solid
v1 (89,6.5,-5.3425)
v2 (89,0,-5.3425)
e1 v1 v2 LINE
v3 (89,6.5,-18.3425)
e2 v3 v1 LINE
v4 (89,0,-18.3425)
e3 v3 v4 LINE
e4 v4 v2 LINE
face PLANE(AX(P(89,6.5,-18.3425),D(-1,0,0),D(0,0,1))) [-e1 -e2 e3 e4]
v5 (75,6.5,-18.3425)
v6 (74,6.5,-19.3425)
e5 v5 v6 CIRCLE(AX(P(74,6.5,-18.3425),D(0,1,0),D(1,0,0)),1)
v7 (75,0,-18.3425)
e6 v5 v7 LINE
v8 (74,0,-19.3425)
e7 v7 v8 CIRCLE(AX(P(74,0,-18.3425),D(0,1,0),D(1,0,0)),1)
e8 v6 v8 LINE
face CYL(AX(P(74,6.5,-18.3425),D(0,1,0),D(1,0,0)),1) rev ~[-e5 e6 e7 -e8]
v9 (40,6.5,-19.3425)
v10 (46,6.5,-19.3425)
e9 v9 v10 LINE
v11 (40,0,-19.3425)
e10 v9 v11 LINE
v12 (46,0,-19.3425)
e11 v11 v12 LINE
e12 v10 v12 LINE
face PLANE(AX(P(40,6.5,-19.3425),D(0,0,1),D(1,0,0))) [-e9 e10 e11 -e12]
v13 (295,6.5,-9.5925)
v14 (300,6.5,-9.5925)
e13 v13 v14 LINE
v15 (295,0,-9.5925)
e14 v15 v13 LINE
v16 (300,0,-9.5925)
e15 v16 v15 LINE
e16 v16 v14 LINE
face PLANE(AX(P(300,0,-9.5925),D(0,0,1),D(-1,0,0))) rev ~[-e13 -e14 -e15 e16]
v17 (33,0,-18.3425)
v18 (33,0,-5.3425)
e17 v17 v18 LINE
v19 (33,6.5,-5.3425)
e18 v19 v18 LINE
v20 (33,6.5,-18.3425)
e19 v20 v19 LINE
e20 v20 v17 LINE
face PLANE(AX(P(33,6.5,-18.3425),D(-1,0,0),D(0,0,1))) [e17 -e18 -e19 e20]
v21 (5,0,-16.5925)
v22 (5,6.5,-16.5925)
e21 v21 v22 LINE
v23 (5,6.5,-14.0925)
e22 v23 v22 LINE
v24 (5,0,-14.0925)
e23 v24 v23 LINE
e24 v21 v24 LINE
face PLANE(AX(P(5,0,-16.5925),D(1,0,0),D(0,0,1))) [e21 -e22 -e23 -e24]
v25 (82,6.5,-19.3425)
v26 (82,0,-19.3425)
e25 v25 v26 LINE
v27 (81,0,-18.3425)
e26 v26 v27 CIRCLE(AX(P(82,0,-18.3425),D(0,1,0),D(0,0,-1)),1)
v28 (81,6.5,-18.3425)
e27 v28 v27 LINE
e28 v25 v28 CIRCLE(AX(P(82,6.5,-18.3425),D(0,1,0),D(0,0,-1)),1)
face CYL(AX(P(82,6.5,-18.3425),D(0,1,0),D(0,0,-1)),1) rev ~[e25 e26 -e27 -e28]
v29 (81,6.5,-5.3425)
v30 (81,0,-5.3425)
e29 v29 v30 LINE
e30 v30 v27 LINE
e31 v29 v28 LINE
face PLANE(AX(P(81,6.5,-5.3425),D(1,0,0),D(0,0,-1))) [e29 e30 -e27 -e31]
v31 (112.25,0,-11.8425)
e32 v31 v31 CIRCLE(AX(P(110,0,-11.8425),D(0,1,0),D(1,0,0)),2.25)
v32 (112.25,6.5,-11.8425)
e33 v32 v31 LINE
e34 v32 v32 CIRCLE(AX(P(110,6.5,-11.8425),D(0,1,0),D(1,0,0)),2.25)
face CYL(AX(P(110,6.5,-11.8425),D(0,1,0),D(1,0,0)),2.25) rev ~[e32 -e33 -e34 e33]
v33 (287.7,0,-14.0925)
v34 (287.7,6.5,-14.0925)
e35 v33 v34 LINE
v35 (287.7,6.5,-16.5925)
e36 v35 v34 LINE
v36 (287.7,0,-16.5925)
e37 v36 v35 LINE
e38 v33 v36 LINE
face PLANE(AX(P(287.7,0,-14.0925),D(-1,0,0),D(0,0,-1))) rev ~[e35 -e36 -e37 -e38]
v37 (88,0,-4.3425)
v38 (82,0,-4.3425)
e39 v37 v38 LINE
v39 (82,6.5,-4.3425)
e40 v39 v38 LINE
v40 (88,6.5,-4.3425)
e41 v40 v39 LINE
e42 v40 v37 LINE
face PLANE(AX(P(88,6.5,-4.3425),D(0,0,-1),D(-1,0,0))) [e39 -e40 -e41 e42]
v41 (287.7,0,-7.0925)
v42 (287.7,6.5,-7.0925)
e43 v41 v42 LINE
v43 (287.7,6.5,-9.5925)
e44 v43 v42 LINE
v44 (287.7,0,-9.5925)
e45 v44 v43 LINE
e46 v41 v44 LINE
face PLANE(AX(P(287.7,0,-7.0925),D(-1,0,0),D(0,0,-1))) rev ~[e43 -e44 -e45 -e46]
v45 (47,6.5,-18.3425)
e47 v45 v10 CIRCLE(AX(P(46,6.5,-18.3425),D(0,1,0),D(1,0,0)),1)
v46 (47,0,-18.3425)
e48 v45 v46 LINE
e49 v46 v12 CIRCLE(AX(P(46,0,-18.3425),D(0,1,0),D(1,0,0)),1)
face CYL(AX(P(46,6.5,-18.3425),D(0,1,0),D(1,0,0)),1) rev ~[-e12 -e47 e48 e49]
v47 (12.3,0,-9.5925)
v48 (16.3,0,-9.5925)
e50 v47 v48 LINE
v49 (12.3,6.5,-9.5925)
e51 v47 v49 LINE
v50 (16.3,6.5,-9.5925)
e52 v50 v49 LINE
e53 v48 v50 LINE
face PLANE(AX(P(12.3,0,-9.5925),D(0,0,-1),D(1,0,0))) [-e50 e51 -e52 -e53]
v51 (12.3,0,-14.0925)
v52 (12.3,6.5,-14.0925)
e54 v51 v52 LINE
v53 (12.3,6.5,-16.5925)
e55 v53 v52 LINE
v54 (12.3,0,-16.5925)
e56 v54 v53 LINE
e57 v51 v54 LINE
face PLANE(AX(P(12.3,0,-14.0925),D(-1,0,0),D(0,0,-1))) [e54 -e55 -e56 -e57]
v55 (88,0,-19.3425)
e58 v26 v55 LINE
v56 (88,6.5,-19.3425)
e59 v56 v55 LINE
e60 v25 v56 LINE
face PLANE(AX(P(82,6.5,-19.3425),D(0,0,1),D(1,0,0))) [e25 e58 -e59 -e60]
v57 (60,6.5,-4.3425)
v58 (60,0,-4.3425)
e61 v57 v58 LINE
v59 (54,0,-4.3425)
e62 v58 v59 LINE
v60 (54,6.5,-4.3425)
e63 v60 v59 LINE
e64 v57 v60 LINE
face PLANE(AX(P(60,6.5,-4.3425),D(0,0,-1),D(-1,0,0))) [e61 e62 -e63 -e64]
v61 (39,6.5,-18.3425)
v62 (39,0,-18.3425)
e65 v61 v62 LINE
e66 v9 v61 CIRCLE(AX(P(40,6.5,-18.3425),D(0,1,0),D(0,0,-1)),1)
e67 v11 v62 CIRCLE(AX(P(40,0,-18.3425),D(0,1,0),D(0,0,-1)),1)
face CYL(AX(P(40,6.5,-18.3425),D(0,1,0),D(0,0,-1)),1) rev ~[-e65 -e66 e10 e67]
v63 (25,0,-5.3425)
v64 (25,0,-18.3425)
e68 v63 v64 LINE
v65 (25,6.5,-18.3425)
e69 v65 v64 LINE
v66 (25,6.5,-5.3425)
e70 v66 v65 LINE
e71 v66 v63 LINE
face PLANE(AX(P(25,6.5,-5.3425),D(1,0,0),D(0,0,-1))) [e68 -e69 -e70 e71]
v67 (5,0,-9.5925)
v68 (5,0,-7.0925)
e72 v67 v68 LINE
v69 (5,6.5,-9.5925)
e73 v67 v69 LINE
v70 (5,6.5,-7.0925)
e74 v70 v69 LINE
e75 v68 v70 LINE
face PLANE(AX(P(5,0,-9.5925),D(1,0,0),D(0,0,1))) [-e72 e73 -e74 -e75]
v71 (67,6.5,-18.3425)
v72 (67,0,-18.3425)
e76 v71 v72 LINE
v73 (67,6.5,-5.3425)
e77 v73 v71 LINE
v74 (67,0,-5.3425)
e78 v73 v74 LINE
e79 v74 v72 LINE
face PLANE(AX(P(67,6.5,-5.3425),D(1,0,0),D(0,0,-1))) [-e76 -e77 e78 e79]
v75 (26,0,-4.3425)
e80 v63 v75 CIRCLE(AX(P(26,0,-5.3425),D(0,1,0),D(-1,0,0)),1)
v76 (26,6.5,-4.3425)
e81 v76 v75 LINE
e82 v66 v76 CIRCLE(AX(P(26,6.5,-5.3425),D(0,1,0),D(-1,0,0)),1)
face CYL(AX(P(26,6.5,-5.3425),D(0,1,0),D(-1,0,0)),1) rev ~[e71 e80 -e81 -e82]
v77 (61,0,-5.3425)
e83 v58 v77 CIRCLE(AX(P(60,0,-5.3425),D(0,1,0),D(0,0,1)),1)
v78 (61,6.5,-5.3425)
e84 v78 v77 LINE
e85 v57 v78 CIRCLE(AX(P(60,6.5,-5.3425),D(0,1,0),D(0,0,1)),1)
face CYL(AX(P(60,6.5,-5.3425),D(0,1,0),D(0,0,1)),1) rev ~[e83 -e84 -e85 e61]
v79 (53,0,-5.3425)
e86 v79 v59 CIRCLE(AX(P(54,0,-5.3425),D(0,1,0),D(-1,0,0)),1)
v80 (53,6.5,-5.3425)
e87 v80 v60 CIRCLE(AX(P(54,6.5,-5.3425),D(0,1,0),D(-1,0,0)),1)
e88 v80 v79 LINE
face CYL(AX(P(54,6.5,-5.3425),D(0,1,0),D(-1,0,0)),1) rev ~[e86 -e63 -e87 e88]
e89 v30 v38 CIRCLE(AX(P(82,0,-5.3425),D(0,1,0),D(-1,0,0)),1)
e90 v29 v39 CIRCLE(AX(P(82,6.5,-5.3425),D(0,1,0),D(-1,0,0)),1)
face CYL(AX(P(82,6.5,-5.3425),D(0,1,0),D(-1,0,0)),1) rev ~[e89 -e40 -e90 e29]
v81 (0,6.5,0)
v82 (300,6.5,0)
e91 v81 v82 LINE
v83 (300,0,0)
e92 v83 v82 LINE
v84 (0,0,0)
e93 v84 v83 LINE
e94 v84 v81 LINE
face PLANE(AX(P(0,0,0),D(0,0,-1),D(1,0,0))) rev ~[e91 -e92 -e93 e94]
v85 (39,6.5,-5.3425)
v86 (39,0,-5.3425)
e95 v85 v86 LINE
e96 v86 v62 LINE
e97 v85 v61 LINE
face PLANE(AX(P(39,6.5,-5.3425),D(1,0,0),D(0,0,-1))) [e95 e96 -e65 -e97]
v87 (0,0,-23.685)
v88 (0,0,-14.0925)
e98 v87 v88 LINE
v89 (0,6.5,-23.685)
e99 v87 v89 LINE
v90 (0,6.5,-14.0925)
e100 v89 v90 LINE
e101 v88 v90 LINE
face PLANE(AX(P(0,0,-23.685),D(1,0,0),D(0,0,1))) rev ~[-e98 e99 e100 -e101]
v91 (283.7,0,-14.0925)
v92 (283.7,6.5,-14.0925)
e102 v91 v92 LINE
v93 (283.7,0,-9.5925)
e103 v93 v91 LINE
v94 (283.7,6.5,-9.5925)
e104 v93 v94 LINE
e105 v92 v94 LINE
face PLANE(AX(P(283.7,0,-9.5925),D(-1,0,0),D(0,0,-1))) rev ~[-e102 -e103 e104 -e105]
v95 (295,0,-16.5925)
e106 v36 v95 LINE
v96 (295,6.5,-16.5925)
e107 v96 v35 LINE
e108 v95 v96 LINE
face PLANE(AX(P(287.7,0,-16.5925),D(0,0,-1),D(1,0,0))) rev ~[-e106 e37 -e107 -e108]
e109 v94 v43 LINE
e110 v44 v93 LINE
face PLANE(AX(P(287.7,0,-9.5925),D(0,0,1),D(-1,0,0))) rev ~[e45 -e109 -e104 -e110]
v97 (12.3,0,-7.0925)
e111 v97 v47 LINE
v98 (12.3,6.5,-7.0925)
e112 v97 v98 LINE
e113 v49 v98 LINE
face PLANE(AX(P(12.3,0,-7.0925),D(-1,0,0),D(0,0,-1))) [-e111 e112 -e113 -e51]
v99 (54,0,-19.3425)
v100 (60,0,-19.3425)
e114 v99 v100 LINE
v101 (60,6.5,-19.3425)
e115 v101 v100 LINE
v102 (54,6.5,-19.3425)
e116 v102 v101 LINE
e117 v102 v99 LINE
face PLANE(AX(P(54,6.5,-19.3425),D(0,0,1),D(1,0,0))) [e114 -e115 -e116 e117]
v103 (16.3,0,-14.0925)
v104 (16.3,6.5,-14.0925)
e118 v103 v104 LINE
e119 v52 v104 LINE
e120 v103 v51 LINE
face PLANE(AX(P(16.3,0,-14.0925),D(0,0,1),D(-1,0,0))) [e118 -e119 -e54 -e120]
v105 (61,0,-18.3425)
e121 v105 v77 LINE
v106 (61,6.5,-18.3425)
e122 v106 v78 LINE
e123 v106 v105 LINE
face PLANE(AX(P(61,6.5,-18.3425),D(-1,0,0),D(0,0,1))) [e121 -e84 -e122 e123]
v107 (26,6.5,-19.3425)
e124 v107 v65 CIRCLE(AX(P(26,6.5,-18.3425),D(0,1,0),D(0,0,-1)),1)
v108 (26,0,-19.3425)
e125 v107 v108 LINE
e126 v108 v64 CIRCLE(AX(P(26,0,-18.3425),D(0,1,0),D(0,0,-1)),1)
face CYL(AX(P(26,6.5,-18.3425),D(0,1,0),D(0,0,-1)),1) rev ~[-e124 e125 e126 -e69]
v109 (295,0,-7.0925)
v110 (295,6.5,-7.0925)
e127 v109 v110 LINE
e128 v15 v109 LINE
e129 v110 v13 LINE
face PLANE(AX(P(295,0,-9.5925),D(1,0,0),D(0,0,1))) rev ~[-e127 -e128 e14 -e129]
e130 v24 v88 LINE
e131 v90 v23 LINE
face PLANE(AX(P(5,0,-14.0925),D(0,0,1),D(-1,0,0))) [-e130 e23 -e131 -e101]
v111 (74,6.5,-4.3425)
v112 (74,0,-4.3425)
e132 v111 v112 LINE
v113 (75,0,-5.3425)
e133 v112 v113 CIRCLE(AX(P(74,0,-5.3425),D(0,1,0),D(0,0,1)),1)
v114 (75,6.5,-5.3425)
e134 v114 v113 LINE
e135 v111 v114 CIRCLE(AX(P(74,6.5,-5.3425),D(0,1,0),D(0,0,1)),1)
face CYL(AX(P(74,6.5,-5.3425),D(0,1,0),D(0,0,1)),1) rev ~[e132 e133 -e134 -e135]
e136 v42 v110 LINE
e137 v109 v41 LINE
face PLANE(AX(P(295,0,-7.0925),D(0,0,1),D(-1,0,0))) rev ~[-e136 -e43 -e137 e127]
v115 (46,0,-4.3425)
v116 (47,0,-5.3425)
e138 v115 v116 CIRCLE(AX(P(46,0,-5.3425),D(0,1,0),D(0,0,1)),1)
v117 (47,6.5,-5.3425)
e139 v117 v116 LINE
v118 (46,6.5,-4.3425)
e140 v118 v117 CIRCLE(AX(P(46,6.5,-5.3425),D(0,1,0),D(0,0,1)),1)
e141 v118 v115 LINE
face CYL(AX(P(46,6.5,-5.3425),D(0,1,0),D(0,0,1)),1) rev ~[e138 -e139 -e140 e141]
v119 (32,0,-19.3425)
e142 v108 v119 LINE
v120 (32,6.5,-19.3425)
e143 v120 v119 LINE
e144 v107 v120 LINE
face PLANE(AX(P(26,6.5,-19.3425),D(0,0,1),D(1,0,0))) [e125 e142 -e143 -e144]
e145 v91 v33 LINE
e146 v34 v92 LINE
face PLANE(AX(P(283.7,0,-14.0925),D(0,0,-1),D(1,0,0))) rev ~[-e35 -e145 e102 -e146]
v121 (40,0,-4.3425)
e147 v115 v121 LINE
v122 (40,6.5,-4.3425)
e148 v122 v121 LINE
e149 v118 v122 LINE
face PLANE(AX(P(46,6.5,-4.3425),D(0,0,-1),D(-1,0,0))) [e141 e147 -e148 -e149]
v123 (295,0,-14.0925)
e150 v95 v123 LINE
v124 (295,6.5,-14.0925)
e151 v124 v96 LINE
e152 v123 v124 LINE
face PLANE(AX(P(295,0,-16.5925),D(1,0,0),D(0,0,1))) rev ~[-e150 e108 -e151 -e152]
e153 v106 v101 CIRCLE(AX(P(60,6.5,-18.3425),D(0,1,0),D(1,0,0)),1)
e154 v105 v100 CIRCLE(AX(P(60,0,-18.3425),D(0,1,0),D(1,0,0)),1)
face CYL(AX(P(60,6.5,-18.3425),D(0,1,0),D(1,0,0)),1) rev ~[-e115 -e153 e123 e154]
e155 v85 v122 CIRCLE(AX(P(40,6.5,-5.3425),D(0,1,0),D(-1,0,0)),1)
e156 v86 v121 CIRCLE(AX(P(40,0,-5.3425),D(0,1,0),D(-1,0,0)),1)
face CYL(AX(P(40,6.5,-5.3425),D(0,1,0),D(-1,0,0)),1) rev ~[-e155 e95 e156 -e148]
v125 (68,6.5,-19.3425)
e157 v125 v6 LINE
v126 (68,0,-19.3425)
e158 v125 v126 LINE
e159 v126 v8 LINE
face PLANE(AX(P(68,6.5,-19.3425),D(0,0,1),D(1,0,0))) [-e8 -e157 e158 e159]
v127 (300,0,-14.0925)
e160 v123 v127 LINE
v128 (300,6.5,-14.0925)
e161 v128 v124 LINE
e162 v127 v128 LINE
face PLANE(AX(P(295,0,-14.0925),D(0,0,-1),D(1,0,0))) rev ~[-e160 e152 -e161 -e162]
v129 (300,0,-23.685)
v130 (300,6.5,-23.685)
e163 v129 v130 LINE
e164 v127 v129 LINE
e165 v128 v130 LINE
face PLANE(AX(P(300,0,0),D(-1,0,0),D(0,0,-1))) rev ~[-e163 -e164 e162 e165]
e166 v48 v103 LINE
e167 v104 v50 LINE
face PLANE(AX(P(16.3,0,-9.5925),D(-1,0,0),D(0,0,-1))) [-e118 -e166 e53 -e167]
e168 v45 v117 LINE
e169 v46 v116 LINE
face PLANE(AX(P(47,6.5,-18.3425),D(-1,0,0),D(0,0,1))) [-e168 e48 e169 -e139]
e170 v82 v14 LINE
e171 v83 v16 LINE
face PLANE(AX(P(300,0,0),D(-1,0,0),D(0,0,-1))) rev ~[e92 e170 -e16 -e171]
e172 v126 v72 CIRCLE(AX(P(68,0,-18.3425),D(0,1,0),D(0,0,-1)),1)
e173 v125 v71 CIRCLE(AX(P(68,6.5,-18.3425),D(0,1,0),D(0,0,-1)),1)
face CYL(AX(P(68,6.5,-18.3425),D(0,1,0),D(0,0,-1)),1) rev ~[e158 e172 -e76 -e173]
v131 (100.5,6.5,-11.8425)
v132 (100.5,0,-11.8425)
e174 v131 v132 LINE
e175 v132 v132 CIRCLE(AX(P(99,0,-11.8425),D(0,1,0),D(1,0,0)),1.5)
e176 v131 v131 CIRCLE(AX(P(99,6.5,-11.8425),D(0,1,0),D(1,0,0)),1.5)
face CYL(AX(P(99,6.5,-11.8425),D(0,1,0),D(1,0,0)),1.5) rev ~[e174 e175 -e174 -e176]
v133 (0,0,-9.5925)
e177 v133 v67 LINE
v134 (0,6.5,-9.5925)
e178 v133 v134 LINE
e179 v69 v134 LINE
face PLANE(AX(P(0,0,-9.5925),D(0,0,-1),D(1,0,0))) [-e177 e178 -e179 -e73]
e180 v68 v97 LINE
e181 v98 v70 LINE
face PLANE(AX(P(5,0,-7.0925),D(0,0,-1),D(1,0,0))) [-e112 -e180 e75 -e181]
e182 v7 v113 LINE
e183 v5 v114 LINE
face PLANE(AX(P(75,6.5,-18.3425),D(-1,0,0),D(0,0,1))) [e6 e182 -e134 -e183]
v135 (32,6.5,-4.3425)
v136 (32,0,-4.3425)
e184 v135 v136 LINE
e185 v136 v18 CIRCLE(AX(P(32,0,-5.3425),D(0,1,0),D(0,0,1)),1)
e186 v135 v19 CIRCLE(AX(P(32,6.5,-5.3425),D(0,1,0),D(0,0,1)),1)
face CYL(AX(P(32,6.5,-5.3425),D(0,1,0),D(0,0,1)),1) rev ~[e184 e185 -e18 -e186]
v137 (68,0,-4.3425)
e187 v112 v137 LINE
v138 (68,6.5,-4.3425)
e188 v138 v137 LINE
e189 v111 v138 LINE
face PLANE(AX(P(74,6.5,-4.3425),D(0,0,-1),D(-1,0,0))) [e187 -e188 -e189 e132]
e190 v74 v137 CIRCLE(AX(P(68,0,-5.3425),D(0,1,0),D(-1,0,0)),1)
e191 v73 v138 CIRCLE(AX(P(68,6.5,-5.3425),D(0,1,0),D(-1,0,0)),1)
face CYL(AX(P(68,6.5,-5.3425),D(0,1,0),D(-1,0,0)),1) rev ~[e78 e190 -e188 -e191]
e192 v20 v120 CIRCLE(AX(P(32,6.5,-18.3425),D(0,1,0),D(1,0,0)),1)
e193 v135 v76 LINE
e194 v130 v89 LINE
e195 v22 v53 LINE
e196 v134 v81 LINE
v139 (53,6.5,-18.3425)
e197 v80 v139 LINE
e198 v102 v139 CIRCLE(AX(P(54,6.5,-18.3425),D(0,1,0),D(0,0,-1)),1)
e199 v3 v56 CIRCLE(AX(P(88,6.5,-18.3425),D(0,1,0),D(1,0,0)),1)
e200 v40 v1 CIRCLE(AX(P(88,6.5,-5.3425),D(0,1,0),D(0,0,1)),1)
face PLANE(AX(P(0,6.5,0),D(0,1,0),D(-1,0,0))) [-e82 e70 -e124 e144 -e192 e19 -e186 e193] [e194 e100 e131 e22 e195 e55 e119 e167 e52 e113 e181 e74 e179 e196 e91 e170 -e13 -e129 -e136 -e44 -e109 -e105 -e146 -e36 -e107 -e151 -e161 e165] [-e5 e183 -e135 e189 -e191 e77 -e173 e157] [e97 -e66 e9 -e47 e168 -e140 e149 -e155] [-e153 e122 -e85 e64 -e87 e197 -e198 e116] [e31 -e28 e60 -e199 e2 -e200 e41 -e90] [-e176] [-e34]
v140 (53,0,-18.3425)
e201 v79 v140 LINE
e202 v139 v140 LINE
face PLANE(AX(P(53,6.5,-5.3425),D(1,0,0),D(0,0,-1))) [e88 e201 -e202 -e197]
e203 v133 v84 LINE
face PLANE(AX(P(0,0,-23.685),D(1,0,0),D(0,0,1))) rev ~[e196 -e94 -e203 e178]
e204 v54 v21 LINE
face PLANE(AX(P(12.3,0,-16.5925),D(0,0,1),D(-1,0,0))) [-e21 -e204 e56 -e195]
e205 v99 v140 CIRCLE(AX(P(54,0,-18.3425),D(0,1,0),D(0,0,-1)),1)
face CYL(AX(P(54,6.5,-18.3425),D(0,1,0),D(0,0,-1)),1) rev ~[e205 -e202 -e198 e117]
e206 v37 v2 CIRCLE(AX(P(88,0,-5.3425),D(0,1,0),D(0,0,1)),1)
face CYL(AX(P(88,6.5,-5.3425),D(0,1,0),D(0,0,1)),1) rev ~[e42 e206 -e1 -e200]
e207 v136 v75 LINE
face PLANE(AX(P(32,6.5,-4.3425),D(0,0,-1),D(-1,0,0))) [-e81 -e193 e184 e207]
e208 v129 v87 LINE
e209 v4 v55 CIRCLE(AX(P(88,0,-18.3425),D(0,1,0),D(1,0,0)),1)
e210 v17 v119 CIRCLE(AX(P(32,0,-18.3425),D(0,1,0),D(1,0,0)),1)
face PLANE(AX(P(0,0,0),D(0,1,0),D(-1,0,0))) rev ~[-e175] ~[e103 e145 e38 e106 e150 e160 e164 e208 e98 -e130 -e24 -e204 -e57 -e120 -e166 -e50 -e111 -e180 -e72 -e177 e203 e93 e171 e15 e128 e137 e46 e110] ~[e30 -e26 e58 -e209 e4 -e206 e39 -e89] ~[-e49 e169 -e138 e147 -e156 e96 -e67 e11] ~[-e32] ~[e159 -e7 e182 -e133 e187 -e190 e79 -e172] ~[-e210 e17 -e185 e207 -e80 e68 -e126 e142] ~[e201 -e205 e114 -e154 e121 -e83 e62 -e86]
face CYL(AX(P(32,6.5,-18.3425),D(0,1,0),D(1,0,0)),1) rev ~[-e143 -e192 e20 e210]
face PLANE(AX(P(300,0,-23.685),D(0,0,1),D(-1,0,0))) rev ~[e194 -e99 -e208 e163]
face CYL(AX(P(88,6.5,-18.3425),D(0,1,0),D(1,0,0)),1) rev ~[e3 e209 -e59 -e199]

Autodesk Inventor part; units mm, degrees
ref_plane "YZ Plane" through (0, 0, 0) normal (1, 0, 0) x (0, 1, 0)
ref_plane "XZ Plane" through (0, 0, 0) normal (0, 1, 0) x (-1, 0, 0)
ref_plane "XY Plane" through (0, 0, 0) normal (0, 0, 1) x (1, 0, 0)
sketch "Sketch1" plane through (0, 0, 0) normal (0, 1, 0) x (-1, 0, 0)
  line L0 (0, 0) -> (-300, 0)
  line L1 (-300, 0) -> (-300, -23.685)
  line L2 (-300, -23.685) -> (0, -23.685)
  line L3 (0, -23.685) -> (0, 0)
  dimension "d0" = 300
  dimension "d1" = 23.685
extrude "Extrusion1" add sketch "Sketch1" along normal blind 6.5
sketch "Sketch2" plane through (0, 6.5, 0) normal (0, 1, 0) x (1, 0, 0)
  line L0 (0, 23.685) -> (0, 0) projected
  line L1 (26, 19.3425) -> (32, 19.3425)
  line L2 (33, 18.3425) -> (33, 5.3425)
  line L3 (32, 4.3425) -> (26, 4.3425)
  line L4 (25, 5.3425) -> (25, 18.3425)
  arc A0 (26, 19.3425) -> (25, 18.3425) centre (26, 18.3425) ccw
  arc A1 (25, 5.3425) -> (26, 4.3425) centre (26, 5.3425) ccw
  arc A2 (32, 4.3425) -> (33, 5.3425) centre (32, 5.3425) ccw
  arc A3 (33, 18.3425) -> (32, 19.3425) centre (32, 18.3425) ccw
  point P0 (25, 11.8425)
  point P1 (0, 11.8425)
  dimension "d4" = 1
  dimension "d5" = 15
  dimension "d6" = 8
  dimension "d7" = 25
extrude "Extrusion2" cut sketch "Sketch2" against normal through all
pattern_linear "Rectangular Pattern1" count 5 spacing 14 along (1, 0, 0) of "Extrusion2"
sketch "Sketch3" plane through (0, 0, 0) normal (0, -1, 0) x (1, 0, 0)
  line L0 (0, 0) -> (300, 0) projected
  line L1 (0, -23.685) -> (0, 0) projected
  line L2 (300, -23.685) -> (0, -23.685) projected
  line L3 (16.3, -9.5925) -> (16.3, -14.0925)
  line L4 (0, -14.0925) -> (0, -9.5925)
  line L5 (5, -7.0925) -> (12.3, -7.0925)
  line L6 (12.3, -16.5925) -> (5, -16.5925)
  line L7 (150, 0) -> (150, -23.685) construction
  line L8 (0, -9.5925) -> (5, -9.5925)
  line L9 (12.3, -9.5925) -> (16.3, -9.5925)
  line L10 (16.3, -14.0925) -> (12.3, -14.0925)
  line L11 (5, -14.0925) -> (0, -14.0925)
  line L12 (5, -16.5925) -> (5, -14.0925)
  line L13 (5, -9.5925) -> (5, -7.0925)
  line L14 (12.3, -7.0925) -> (12.3, -9.5925)
  line L15 (12.3, -14.0925) -> (12.3, -16.5925)
  line L16 (283.7, -9.5925) -> (283.7, -14.0925)
  line L17 (300, -14.0925) -> (300, -9.5925)
  line L18 (295, -7.0925) -> (287.7, -7.0925)
  line L19 (287.7, -16.5925) -> (295, -16.5925)
  line L20 (300, -9.5925) -> (295, -9.5925)
  line L21 (287.7, -9.5925) -> (283.7, -9.5925)
  line L22 (283.7, -14.0925) -> (287.7, -14.0925)
  line L23 (295, -14.0925) -> (300, -14.0925)
  line L24 (295, -16.5925) -> (295, -14.0925)
  line L25 (295, -9.5925) -> (295, -7.0925)
  line L26 (287.7, -7.0925) -> (287.7, -9.5925)
  line L27 (287.7, -14.0925) -> (287.7, -16.5925)
  point P0 (16.3, -11.8425)
  point P1 (0, -11.8425)
  point P2 (283.7, -11.8425)
  point P3 (300, -11.8425)
  dimension "d13" = 4.5
  dimension "d14" = 5
  dimension "d15" = 4
  dimension "d16" = 7.3
  dimension "d17" = 2.5
extrude "Extrusion3" cut sketch "Sketch3" against normal through all
sketch "Sketch4" plane through (0, 6.5, 0) normal (0, 1, 0) x (1, 0, 0)
  line L0 (16.3, 14.0925) -> (16.3, 9.5925) projected
  line L1 (0, 9.5925) -> (0, 0) projected
  line L2 (89, 18.3425) -> (89, 5.3425) projected
  circle A0 centre (110, 11.8425) radius 2.25
  circle A1 centre (99, 11.8425) radius 1.5
  point P0 (16.3, 11.8425)
  dimension "d20" = 110
  dimension "d21" = 4.5
  dimension "d22" = 3
  dimension "d23" = 10
extrude "Extrusion4" cut sketch "Sketch4" against normal through all
properties part number "front_pane_middle" material "Plywood, Finish"
